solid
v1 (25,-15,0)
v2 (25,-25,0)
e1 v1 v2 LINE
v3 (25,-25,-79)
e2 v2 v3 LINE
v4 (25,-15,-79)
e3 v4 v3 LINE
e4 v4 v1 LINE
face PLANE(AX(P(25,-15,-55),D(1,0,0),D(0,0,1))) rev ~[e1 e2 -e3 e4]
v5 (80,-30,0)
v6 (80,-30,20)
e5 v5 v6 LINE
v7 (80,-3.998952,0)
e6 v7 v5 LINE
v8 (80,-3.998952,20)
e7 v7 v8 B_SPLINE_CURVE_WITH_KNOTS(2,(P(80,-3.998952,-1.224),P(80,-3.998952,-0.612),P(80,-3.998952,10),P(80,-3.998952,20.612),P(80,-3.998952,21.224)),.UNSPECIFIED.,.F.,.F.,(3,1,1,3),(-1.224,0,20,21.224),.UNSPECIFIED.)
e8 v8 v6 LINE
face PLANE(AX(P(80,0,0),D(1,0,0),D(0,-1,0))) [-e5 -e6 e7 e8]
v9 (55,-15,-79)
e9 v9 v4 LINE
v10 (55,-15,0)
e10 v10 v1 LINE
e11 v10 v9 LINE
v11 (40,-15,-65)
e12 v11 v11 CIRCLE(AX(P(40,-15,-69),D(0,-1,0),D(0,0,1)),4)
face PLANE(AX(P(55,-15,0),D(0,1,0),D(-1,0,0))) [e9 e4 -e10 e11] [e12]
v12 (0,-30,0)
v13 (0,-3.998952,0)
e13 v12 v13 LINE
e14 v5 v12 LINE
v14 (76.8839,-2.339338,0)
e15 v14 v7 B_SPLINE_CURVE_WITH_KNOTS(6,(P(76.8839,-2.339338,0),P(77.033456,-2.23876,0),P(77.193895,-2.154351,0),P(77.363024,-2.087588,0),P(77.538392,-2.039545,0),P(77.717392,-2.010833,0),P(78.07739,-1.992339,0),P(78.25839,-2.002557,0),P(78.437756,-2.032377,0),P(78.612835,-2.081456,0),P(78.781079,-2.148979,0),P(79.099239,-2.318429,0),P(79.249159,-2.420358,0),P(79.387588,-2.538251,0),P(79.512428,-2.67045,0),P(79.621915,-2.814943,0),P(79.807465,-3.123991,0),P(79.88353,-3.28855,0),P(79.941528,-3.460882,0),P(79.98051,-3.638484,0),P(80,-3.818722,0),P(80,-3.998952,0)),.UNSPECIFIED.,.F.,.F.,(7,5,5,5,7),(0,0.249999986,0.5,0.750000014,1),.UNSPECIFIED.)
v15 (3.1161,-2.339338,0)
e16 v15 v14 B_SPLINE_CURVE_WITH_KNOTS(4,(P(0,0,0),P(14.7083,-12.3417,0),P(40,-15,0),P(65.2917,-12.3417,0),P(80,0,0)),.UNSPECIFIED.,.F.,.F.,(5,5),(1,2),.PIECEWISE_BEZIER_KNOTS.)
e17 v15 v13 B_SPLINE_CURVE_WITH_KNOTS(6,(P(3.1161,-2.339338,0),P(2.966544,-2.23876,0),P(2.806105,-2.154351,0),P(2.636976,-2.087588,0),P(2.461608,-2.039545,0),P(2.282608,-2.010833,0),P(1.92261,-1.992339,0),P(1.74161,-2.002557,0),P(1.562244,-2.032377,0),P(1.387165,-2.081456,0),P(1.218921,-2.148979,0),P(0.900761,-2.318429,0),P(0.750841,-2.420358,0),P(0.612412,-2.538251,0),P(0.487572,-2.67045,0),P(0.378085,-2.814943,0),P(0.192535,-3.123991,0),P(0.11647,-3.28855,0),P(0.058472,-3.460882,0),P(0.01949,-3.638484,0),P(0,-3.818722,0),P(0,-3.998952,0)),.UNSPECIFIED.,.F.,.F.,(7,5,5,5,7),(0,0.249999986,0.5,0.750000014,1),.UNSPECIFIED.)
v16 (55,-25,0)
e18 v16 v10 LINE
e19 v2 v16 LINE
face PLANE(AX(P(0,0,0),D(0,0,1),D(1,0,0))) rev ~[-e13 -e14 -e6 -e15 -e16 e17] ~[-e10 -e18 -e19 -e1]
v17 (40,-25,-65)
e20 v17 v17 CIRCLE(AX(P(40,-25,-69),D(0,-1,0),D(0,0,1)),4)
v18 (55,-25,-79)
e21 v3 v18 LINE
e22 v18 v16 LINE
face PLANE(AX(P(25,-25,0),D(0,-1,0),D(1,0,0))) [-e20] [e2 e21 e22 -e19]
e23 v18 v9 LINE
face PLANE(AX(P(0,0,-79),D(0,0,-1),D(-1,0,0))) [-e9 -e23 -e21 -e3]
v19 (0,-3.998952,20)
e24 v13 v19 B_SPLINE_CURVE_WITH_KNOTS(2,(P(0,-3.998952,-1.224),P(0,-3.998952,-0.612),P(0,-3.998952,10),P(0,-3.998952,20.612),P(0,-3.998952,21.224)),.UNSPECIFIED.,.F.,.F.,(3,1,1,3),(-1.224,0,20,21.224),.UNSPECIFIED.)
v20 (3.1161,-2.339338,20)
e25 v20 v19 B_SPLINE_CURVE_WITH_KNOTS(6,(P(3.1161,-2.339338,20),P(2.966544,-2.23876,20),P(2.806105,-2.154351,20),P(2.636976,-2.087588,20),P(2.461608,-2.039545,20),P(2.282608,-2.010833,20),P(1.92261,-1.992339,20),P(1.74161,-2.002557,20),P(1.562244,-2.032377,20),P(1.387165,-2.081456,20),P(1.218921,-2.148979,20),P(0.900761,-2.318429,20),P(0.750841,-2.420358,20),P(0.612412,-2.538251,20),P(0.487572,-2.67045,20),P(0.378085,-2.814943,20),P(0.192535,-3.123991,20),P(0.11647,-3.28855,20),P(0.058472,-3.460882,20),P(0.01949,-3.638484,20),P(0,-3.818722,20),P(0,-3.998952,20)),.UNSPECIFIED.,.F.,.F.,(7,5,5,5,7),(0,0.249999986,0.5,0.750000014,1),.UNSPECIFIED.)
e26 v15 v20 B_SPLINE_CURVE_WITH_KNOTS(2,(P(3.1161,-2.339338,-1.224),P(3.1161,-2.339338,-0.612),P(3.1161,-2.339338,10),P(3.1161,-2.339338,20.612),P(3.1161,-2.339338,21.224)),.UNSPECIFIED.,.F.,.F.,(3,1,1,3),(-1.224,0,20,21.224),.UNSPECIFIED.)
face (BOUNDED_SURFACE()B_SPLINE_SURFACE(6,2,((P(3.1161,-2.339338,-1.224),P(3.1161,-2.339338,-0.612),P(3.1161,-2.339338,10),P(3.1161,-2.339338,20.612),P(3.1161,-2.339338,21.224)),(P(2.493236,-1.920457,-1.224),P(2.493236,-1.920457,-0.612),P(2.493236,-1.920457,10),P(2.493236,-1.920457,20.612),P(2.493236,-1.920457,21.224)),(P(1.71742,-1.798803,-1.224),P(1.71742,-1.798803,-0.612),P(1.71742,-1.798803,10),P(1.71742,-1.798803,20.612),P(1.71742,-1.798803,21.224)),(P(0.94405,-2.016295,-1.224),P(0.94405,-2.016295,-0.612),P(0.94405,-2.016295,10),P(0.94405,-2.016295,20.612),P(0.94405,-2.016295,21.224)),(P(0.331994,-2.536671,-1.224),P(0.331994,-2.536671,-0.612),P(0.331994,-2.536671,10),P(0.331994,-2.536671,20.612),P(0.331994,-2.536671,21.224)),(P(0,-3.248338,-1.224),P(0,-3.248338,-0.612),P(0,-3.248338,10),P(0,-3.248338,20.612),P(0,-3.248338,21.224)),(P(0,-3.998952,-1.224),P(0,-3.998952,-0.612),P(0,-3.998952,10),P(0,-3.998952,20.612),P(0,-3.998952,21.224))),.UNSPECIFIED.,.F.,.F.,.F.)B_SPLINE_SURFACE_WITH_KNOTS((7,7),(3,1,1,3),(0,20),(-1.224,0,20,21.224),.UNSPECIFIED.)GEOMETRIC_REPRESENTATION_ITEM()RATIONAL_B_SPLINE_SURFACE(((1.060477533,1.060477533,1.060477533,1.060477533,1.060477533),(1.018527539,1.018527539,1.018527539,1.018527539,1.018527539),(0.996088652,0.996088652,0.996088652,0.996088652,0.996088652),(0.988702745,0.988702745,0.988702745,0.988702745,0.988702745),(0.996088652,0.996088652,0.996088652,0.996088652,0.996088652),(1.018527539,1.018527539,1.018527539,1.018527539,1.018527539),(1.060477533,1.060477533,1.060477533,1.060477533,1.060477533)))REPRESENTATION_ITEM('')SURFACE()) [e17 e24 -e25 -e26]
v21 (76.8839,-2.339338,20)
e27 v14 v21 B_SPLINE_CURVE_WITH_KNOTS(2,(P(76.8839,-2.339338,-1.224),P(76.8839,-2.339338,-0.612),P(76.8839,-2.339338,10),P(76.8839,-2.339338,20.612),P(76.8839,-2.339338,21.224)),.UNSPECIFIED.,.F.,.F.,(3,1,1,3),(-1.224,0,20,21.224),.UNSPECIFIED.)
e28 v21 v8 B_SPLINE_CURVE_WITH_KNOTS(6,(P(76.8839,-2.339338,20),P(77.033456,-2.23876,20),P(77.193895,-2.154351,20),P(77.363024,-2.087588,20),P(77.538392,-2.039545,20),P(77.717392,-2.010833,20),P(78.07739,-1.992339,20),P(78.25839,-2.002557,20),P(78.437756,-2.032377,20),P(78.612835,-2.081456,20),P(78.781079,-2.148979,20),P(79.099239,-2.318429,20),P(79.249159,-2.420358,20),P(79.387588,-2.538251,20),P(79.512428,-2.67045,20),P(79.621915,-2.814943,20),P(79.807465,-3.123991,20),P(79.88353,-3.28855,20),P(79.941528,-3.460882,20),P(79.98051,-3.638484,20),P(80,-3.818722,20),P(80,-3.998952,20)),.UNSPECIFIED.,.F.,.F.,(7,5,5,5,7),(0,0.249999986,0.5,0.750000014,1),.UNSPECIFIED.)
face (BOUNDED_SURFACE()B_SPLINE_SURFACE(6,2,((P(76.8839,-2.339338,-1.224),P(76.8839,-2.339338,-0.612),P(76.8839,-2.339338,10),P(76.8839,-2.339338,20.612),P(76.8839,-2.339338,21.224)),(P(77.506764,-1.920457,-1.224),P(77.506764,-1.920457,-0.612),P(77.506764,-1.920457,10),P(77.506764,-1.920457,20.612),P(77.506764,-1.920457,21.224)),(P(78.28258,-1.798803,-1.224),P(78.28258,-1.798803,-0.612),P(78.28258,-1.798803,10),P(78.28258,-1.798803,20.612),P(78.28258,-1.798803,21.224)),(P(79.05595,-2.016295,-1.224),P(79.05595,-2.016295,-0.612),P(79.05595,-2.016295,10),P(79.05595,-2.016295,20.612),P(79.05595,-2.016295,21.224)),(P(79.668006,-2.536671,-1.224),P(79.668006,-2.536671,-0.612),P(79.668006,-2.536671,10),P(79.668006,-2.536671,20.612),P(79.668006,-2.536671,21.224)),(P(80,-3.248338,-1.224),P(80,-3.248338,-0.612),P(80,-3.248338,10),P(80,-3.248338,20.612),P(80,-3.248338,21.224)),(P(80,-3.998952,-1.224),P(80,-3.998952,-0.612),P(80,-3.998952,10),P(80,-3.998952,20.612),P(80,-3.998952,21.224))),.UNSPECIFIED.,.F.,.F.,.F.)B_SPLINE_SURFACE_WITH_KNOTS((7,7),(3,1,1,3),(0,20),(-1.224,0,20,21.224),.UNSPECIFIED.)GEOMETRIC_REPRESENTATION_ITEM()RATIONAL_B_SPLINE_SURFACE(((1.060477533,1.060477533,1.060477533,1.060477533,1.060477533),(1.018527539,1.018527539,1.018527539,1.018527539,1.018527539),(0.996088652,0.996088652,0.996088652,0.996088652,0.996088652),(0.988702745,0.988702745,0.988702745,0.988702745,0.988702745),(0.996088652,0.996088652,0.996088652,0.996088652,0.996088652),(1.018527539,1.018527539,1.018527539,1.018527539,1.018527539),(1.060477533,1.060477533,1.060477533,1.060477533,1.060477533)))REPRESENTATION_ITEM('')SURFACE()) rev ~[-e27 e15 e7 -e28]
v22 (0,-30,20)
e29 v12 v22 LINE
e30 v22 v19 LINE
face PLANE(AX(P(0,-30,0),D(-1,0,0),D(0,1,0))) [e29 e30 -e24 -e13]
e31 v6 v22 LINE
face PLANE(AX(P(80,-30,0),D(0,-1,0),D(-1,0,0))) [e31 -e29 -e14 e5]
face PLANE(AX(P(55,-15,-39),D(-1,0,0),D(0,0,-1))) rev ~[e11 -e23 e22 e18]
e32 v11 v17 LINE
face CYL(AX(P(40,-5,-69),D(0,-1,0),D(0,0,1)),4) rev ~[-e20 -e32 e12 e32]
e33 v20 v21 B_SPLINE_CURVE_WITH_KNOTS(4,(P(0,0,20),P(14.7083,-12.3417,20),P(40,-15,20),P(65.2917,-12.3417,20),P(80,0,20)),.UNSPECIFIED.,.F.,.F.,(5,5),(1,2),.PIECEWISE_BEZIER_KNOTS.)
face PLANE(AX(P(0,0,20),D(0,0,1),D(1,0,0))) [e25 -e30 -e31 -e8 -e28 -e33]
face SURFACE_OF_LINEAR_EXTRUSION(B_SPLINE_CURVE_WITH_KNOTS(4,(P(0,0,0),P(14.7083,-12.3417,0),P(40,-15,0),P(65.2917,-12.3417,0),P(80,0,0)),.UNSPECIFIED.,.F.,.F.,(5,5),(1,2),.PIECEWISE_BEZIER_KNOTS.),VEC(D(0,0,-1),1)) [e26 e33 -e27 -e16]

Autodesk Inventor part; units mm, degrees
ref_plane "YZ Plane" through (0, 0, 0) normal (1, 0, 0) x (0, 1, 0)
ref_plane "XZ Plane" through (0, 0, 0) normal (0, 1, 0) x (-1, 0, 0)
ref_plane "XY Plane" through (0, 0, 0) normal (0, 0, 1) x (1, 0, 0)
sketch "Sketch3" plane through (0, 0, 0) normal (0, 0, 1) x (1, 0, 0)
  line L0 (0, 0) -> (80, 0)
  line L1 (80, 0) -> (80, -30)
  line L2 (80, -30) -> (0, -30)
  line L3 (0, -30) -> (0, 0)
  line L4 (0, 0) -> (14.7083, -12.3417) construction
  line L5 (14.7083, -12.3417) -> (40, -15) construction
  line L6 (40, -15) -> (65.2917, -12.3417) construction
  line L7 (65.2917, -12.3417) -> (80, 0) construction
  spline S0 degree 4 poles (0, 0) (14.7083, -12.3417) (40, -15) (65.2917, -12.3417) (80, 0) knots 1 1 1 1 1 2 2 2 2 2
  point P0 (52.6458, -13.6709)
  dimension "d13" = 80
  dimension "d14" = 30
  dimension "d15" = 15
  dimension "d16" = 40
  dimension "d17" = 50
  dimension "d18" = 50
  dimension "d19" = 6
  dimension "d21" = 6
extrude "Extrusion1" add sketch "Sketch3" along normal blind 20 contours S0 L1 L2 L3
sketch "Sketch4" plane through (0, 0, 0) normal (0, 0, -1) x (-1, 0, 0)
  line L0 (-25, -25) -> (-55, -25)
  line L1 (-55, -25) -> (-55, -15)
  line L2 (-55, -15) -> (-25, -15)
  line L3 (-25, -15) -> (-25, -25)
  line L4 (-40, -25) -> (-40, -15) construction
  line L5 (-80, -30) -> (-80, 0) projected
  line L6 (0, -30) -> (-80, -30) projected
  point P0 (0, 0)
  dimension "d24" = 30
  dimension "d25" = 40
  dimension "d26" = 5
  dimension "d27" = 10
extrude "Extrusion2" add sketch "Sketch4" along normal blind 80
sketch "Sketch7" plane through (25, -15, 0) normal (0, 1, 0) x (1, 0, 0)
  line L0 (0, 55) -> (20, 55)
  line L1 (20, 55) -> (20, 75)
  line L2 (20, 75) -> (0, 75)
  line L3 (0, 75) -> (0, 55)
  line L4 (30, 0) -> (0, 0) projected
  line L5 (30, 0) -> (30, 80) projected
  line L6 (0, 80) -> (30, 80) projected
  line L7 (0, 0) -> (0, 80) projected
  circle A0 centre (10, 65) radius 4
  line L8 (0, 55) -> (0, 55)
  line L9 (0, 0) -> (0, 80) projected
  line L10 (20, 55) -> (30, 55)
  point P0 (-25, 0)
  point P1 (20, 65)
  point P2 (10, 75)
  point P3 (0, 35)
  dimension "d40" = 10
  dimension "d42" = 20
  dimension "d43" = 20
  dimension "d44" = 8
  dimension "d51" = 15
extrude "Extrusion4" add sketch "Sketch7" along normal blind 10 contours L3 L2 L1 L0 | L1 L2 L7 L6 L5 L10 | A0
sketch "Sketch9" plane through (0, 0, -80) normal (0, 0, -1) x (-1, 0, 0)
  line L0 (-55, -25) -> (-55, -5) projected
  line L1 (-55, -25) -> (-25, -25) projected
  line L2 (-25, -25) -> (-25, -5) projected
  line L3 (-55, -5) -> (-25, -5) projected
  point P0 (0, 0)
extrude "Extrusion7" cut sketch "Sketch9" against normal blind 19
sketch "Sketch10" plane through (0, 0, -61) normal (0, 0, -1) x (-1, 0, 0)
  line L0 (-40, -5) -> (-40, -25) construction
  line L1 (-25, -5) -> (-55, -5) projected
  line L2 (-25, -25) -> (-55, -25) projected
  line L3 (-55, -5) -> (-25, -5)
  line L4 (-25, -5) -> (-25, -25)
  line L5 (-25, -25) -> (-55, -25)
  line L6 (-55, -25) -> (-55, -5)
  line L7 (-55, -25) -> (-55, -5) projected
  line L8 (-25, -5) -> (-25, -25) projected
  line L9 (-55, -15) -> (-25, -15)
  line L10 (-25, -15) -> (-25, -25)
  line L11 (-25, -25) -> (-55, -25)
  line L12 (-55, -25) -> (-55, -15)
  point P0 (0, 0)
  dimension "d81" = 10
extrude "Extrusion10" add sketch "Sketch10" along normal blind 18
sketch "Sketch12" plane through (25, -5, 0) normal (0, 1, 0) x (1, 0, 0)
  line L0 (0, 79) -> (0, 55) projected
  line L1 (0, 55) -> (30, 55) projected
  line L2 (30, 55) -> (30, 79) projected
  line L3 (0, 79) -> (30, 79) projected
  line L4 (0, 0) -> (0, 79) projected
  line L5 (30, 0) -> (30, 79) projected
  line L6 (0, 79) -> (30, 79)
  line L7 (30, 79) -> (30, 64)
  line L8 (30, 64) -> (0, 64)
  line L9 (0, 64) -> (0, 79)
  point P0 (-25, 0)
  point P1 (0, 64)
  dimension "d84" = 15
extrude "Extrusion11" cut sketch "Sketch12" against normal blind 15 contours L3 L2 L8 L0
sketch "Sketch13" plane through (25, -20, 0) normal (0, 1, 0) x (1, 0, 0)
  line L0 (30, 79) -> (30, 64) projected
  line L1 (0, 79) -> (30, 79) projected
  line L2 (0, 64) -> (0, 79) projected
  line L3 (30, 64) -> (0, 64) projected
  circle A0 centre (7, 71.5) radius 4
  circle A1 centre (23, 71.5) radius 4
  circle A2 centre (7, 71.5) radius 6
  circle A3 centre (23, 71.5) radius 6
  point P0 (-25, 0)
  point P1 (0, 71.5)
  dimension "d87" = 8
  dimension "d88" = 8
  dimension "d89" = 7.5
  dimension "d90" = 7.5
  dimension "d91" = 7
  dimension "d92" = 7
  dimension "d93" = 2
  dimension "d94" = 2
extrude "Extrusion14" add sketch "Sketch13" along normal blind 15 contours L0 L3 L2 L1 | A0 | A1 | A2 | A3
sketch "Sketch14" plane through (25, -15, 0) normal (0, 1, 0) x (1, 0, 0)
  line L0 (30, 0) -> (30, 79) projected
  line L1 (30, 55) -> (0, 55)
  line L2 (0, 55) -> (0, 39)
  line L3 (0, 39) -> (30, 39)
  line L4 (30, 39) -> (30, 55)
  line L5 (30, 55) -> (0, 55) projected
  point P0 (-25, 0)
  point P1 (30, 39)
  dimension "d101" = 30
  dimension "d102" = 16
extrude "Extrusion15" add sketch "Sketch14" along normal up to surface (10 mm away)
sketch "Sketch15" plane through (25, -5, 0) normal (0, 1, 0) x (1, 0, 0)
  line L0 (30, 79) -> (0, 79) projected
  line L1 (0, 79) -> (0, 39) projected
  point P0 (-25, 0)
  point P1 (15, 69)
  dimension "d105" = 10
  dimension "d106" = 15
hole "Hole1" at (40, -5, -69) direction (0, -1, 0) diameter 8 depth 20
sketch "Sketch16" plane through (25, -5, 0) normal (0, 1, 0) x (1, 0, 0)
  circle A0 centre (15, 69) radius 4 projected
  line L0 (0, 79) -> (0, 39) projected
  line L1 (30, 39) -> (0, 39) projected
  line L2 (30, 79) -> (30, 39) projected
  line L3 (30, 79) -> (0, 79) projected
  point P0 (-25, 0)
extrude "Extrusion16" cut sketch "Sketch16" against normal up to surface (10 mm away)
fillet "Fillet1" radius 2 2 edges at (80, 0, 10) (0, 0, 10)
thread "Thread1" size "M8x1.25" class "6H" standard "ANSI Metric M Profile" full length
properties part number "Part 1 menton" material "ABS Plastic"
